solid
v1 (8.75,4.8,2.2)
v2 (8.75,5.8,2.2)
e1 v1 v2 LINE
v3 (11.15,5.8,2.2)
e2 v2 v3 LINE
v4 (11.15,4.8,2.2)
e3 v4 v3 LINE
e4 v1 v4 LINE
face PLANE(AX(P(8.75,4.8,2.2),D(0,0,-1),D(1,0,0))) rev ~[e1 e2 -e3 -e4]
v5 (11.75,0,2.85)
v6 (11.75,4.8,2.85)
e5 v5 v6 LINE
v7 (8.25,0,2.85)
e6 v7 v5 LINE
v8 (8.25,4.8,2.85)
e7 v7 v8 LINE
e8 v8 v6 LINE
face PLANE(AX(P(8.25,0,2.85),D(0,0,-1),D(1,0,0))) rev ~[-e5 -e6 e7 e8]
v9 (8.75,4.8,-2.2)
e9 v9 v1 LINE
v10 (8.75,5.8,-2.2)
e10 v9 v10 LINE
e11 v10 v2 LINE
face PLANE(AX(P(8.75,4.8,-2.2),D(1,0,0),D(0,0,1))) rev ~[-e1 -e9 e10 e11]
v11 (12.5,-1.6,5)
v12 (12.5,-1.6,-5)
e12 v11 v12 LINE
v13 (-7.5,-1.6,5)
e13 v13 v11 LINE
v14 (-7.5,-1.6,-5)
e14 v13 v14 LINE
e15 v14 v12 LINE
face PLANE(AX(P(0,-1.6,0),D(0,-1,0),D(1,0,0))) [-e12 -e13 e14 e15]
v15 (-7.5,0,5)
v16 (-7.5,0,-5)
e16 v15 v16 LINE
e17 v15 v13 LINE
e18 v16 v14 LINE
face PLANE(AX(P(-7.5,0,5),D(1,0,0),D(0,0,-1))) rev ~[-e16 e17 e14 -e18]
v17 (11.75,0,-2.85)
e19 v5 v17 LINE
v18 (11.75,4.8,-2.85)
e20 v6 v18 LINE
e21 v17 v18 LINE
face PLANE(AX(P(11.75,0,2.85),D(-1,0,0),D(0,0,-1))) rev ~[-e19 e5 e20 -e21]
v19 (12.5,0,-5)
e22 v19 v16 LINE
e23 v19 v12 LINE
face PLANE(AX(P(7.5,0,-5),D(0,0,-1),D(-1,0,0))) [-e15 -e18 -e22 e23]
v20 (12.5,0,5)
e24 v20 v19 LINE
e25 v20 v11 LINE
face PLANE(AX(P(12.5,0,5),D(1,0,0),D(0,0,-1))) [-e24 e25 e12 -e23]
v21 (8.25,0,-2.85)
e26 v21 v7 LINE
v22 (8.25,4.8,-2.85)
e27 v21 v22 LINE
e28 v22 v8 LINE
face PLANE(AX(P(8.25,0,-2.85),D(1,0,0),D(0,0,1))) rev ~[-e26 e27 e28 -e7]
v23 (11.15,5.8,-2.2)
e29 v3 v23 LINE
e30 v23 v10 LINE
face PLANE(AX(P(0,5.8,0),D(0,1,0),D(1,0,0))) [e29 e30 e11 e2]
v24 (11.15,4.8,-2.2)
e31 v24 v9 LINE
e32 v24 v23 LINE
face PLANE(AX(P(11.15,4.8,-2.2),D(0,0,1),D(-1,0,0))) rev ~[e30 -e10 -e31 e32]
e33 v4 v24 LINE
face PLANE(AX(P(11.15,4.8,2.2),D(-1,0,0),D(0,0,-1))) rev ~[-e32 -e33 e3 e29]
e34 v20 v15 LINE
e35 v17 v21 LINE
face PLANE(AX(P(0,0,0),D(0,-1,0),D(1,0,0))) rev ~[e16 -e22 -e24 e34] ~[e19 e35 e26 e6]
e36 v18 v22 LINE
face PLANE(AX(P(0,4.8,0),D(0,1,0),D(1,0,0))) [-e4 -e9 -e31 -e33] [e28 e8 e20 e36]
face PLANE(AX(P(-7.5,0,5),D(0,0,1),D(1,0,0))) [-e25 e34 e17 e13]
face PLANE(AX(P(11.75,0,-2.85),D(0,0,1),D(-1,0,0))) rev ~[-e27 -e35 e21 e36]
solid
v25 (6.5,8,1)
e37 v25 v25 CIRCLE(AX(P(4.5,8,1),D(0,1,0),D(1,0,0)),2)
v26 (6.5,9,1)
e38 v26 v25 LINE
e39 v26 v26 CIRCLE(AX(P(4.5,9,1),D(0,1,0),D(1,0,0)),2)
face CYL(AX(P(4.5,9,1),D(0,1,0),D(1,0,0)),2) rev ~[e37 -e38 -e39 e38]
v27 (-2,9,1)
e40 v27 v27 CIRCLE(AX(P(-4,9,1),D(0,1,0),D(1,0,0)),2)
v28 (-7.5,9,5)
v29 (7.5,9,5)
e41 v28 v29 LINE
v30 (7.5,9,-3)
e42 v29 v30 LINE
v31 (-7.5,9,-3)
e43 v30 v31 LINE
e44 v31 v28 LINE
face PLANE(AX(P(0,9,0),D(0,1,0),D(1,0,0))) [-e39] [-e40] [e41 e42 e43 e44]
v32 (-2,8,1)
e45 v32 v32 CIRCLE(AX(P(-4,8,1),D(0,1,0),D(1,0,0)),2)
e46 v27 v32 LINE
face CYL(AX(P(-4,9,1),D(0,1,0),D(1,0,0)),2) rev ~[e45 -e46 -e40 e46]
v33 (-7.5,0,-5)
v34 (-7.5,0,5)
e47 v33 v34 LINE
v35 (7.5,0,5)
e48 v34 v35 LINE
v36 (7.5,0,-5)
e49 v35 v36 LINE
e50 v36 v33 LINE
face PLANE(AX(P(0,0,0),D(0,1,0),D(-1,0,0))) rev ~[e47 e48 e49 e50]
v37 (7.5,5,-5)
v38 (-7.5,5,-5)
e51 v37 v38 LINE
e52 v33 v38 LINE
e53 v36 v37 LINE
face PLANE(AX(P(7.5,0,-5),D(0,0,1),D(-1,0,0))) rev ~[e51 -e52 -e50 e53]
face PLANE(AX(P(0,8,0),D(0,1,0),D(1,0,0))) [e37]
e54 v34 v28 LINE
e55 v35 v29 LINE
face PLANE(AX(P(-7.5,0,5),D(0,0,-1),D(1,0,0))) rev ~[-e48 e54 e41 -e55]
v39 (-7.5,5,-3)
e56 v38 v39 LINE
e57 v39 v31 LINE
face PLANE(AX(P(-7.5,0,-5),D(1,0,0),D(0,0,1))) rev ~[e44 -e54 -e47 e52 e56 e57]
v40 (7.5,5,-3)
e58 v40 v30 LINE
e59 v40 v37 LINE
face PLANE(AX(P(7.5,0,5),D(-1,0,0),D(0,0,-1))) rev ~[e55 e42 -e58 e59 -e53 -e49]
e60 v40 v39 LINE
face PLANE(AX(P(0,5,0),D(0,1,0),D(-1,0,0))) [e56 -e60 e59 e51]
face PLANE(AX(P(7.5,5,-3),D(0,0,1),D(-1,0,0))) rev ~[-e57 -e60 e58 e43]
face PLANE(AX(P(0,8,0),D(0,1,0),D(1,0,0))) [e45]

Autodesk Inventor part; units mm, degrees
sketch "Szkic1" plane through (0, 0, 0) normal (0, 1, 0) x (-1, 0, 0)
  line L0 (7.5, 5) -> (-7.5, 5)
  line L1 (-7.5, 5) -> (-7.5, -5)
  line L2 (-7.5, -5) -> (7.5, -5)
  line L3 (7.5, -5) -> (7.5, 5)
  point P0 (0, 0)
  dimension "d0" = 10
  dimension "d1" = 15
  dimension "d2" = 5
  dimension "d3" = 7.5
extrude "Wyciągnięcie proste1" add sketch "Szkic1" along normal blind 5
sketch "Szkic2" plane through (0, 5, 0) normal (0, 1, 0) x (1, 0, 0)
  line L0 (-7.5, -5) -> (7.5, -5) projected
  line L1 (7.5, -5) -> (7.5, 5) projected
  line L2 (-7.5, -5) -> (7.5, -5)
  line L3 (7.5, -5) -> (7.5, 3)
  line L4 (7.5, 3) -> (-7.5, 3)
  line L5 (-7.5, 3) -> (-7.5, -5)
  point P0 (0, 0)
  dimension "d6" = 8
extrude "Wyciągnięcie proste2" add sketch "Szkic2" along normal blind 4
sketch "Szkic3" plane through (0, 9, 0) normal (0, 1, 0) x (1, 0, 0)
  circle A0 centre (-4, -1) radius 2
  line L0 (-7.5, 3) -> (-7.5, -5) projected
  line L1 (7.5, 3) -> (-7.5, 3) projected
  circle A1 centre (4.5, -1) radius 2
  line L2 (7.5, -5) -> (7.5, 3) projected
  point P0 (0, 0)
  dimension "d9" = 4
  dimension "d10" = 3.5
  dimension "d11" = 4
  dimension "d12" = 3
  dimension "d13" = 4
  dimension "d14" = 4
extrude "Wyciągnięcie proste3" cut sketch "Szkic3" against normal blind 1
sketch "Sketch4" plane through (0, 0, 0) normal (0, -1, 0) x (1, 0, 0)
  line L0 (-7.5, 5) -> (7.5, 5) projected
  line L1 (7.5, -5) -> (-7.5, -5) projected
  line L2 (7.5, 5) -> (-7.5, 5)
  line L3 (-7.5, 5) -> (-7.5, -5)
  line L4 (-7.5, -5) -> (7.5, -5)
  line L5 (7.5, 5) -> (12.5, 5)
  line L6 (12.5, 5) -> (12.5, -5)
  line L7 (12.5, -5) -> (7.5, -5)
  line L8 (7.5, -5) -> (-7.5, -5) projected
  line L9 (-7.5, -5) -> (-7.5, 5) projected
  point P0 (0, 0)
  dimension "d19" = 20
extrude "Extrusion4" add sketch "Sketch4" along normal blind 1.6 separate body
sketch "Sketch5" plane through (0, 0, 0) normal (0, 1, 0) x (1, 0, 0)
  line L0 (11.75, 2.85) -> (8.25, 2.85)
  line L1 (8.25, 2.85) -> (8.25, -2.85)
  line L2 (8.25, -2.85) -> (11.75, -2.85)
  line L3 (11.75, -2.85) -> (11.75, 2.85)
  line L4 (-7.5, 5) -> (12.5, 5) projected
  line L5 (7.5, -5) -> (7.5, 3) projected
  point P0 (0, 0)
  dimension "d20" = 3.5
  dimension "d21" = 5.7
  dimension "d22" = 2.15
  dimension "d23" = 0.75
extrude "Extrusion5" add sketch "Sketch5" along normal blind 4.8 bodies 2
sketch "Sketch7" plane through (0, 4.8, 0) normal (0, 1, 0) x (1, 0, 0)
  line L0 (11.15, 2.2) -> (8.75, 2.2)
  line L1 (8.75, 2.2) -> (8.75, -2.2)
  line L2 (8.75, -2.2) -> (11.15, -2.2)
  line L3 (11.15, -2.2) -> (11.15, 2.2)
  line L4 (8.25, -2.85) -> (11.75, -2.85) projected
  line L5 (8.25, 2.85) -> (8.25, -2.85) projected
  point P0 (0, 0)
  dimension "d32" = 4.4
  dimension "d33" = 0.65
  dimension "d34" = 2.4
  dimension "d35" = 0.5
extrude "Extrusion7" add sketch "Sketch7" along normal blind 1 bodies 2
ref_plane "Work Plane1" through (-7.5, 0, 3) normal (0, 0, 1) x (1, 0, 0)
ref_plane "Work Plane2" through (8.75, 4.8, 1.2) normal (0, 0, 1) x (1, 0, 0)
ref_plane "Work Plane3" through (11.15, 4.8, -1.2) normal (0, 0, -1) x (-1, 0, 0)
ref_plane "Work Plane4" through (-7.5, 0, 0) normal (0, 0, 1) x (1, 0, 0)
sketch "Sketch9" plane through (8.75, 4.8, 1.2) normal (0, 0, 1) x (1, 0, 0)
  line L0 (1.4, 1) -> (3.3549, 7.2)
  line L1 (3.3549, 7.2) -> (-0.9549, 7.2)
  line L2 (-0.9549, 7.2) -> (1, 1)
  line L3 (1, 1) -> (1.4, 1)
  line L4 (0, 1) -> (2.4, 1) projected
  line L5 (2.4, 0) -> (2.4, 1) projected
  line L6 (2.4, 1) -> (0, 1) construction
  line L7 (1.2, 1) -> (1.2, 8.0865) construction
  line L8 (-16.25, 4.2) -> (-1.25, 4.2) construction
  line L9 (1.2, 1) -> (1.2, 7.2)
  point P0 (-8.75, -4.8)
  dimension "d47" = 0.4
  dimension "d48" = 0
  dimension "d49" = 1
  dimension "d50" = 17.5
  dimension "d51" = 35
  dimension "d53" = 3
properties part number "Sharp_Czujnik"
